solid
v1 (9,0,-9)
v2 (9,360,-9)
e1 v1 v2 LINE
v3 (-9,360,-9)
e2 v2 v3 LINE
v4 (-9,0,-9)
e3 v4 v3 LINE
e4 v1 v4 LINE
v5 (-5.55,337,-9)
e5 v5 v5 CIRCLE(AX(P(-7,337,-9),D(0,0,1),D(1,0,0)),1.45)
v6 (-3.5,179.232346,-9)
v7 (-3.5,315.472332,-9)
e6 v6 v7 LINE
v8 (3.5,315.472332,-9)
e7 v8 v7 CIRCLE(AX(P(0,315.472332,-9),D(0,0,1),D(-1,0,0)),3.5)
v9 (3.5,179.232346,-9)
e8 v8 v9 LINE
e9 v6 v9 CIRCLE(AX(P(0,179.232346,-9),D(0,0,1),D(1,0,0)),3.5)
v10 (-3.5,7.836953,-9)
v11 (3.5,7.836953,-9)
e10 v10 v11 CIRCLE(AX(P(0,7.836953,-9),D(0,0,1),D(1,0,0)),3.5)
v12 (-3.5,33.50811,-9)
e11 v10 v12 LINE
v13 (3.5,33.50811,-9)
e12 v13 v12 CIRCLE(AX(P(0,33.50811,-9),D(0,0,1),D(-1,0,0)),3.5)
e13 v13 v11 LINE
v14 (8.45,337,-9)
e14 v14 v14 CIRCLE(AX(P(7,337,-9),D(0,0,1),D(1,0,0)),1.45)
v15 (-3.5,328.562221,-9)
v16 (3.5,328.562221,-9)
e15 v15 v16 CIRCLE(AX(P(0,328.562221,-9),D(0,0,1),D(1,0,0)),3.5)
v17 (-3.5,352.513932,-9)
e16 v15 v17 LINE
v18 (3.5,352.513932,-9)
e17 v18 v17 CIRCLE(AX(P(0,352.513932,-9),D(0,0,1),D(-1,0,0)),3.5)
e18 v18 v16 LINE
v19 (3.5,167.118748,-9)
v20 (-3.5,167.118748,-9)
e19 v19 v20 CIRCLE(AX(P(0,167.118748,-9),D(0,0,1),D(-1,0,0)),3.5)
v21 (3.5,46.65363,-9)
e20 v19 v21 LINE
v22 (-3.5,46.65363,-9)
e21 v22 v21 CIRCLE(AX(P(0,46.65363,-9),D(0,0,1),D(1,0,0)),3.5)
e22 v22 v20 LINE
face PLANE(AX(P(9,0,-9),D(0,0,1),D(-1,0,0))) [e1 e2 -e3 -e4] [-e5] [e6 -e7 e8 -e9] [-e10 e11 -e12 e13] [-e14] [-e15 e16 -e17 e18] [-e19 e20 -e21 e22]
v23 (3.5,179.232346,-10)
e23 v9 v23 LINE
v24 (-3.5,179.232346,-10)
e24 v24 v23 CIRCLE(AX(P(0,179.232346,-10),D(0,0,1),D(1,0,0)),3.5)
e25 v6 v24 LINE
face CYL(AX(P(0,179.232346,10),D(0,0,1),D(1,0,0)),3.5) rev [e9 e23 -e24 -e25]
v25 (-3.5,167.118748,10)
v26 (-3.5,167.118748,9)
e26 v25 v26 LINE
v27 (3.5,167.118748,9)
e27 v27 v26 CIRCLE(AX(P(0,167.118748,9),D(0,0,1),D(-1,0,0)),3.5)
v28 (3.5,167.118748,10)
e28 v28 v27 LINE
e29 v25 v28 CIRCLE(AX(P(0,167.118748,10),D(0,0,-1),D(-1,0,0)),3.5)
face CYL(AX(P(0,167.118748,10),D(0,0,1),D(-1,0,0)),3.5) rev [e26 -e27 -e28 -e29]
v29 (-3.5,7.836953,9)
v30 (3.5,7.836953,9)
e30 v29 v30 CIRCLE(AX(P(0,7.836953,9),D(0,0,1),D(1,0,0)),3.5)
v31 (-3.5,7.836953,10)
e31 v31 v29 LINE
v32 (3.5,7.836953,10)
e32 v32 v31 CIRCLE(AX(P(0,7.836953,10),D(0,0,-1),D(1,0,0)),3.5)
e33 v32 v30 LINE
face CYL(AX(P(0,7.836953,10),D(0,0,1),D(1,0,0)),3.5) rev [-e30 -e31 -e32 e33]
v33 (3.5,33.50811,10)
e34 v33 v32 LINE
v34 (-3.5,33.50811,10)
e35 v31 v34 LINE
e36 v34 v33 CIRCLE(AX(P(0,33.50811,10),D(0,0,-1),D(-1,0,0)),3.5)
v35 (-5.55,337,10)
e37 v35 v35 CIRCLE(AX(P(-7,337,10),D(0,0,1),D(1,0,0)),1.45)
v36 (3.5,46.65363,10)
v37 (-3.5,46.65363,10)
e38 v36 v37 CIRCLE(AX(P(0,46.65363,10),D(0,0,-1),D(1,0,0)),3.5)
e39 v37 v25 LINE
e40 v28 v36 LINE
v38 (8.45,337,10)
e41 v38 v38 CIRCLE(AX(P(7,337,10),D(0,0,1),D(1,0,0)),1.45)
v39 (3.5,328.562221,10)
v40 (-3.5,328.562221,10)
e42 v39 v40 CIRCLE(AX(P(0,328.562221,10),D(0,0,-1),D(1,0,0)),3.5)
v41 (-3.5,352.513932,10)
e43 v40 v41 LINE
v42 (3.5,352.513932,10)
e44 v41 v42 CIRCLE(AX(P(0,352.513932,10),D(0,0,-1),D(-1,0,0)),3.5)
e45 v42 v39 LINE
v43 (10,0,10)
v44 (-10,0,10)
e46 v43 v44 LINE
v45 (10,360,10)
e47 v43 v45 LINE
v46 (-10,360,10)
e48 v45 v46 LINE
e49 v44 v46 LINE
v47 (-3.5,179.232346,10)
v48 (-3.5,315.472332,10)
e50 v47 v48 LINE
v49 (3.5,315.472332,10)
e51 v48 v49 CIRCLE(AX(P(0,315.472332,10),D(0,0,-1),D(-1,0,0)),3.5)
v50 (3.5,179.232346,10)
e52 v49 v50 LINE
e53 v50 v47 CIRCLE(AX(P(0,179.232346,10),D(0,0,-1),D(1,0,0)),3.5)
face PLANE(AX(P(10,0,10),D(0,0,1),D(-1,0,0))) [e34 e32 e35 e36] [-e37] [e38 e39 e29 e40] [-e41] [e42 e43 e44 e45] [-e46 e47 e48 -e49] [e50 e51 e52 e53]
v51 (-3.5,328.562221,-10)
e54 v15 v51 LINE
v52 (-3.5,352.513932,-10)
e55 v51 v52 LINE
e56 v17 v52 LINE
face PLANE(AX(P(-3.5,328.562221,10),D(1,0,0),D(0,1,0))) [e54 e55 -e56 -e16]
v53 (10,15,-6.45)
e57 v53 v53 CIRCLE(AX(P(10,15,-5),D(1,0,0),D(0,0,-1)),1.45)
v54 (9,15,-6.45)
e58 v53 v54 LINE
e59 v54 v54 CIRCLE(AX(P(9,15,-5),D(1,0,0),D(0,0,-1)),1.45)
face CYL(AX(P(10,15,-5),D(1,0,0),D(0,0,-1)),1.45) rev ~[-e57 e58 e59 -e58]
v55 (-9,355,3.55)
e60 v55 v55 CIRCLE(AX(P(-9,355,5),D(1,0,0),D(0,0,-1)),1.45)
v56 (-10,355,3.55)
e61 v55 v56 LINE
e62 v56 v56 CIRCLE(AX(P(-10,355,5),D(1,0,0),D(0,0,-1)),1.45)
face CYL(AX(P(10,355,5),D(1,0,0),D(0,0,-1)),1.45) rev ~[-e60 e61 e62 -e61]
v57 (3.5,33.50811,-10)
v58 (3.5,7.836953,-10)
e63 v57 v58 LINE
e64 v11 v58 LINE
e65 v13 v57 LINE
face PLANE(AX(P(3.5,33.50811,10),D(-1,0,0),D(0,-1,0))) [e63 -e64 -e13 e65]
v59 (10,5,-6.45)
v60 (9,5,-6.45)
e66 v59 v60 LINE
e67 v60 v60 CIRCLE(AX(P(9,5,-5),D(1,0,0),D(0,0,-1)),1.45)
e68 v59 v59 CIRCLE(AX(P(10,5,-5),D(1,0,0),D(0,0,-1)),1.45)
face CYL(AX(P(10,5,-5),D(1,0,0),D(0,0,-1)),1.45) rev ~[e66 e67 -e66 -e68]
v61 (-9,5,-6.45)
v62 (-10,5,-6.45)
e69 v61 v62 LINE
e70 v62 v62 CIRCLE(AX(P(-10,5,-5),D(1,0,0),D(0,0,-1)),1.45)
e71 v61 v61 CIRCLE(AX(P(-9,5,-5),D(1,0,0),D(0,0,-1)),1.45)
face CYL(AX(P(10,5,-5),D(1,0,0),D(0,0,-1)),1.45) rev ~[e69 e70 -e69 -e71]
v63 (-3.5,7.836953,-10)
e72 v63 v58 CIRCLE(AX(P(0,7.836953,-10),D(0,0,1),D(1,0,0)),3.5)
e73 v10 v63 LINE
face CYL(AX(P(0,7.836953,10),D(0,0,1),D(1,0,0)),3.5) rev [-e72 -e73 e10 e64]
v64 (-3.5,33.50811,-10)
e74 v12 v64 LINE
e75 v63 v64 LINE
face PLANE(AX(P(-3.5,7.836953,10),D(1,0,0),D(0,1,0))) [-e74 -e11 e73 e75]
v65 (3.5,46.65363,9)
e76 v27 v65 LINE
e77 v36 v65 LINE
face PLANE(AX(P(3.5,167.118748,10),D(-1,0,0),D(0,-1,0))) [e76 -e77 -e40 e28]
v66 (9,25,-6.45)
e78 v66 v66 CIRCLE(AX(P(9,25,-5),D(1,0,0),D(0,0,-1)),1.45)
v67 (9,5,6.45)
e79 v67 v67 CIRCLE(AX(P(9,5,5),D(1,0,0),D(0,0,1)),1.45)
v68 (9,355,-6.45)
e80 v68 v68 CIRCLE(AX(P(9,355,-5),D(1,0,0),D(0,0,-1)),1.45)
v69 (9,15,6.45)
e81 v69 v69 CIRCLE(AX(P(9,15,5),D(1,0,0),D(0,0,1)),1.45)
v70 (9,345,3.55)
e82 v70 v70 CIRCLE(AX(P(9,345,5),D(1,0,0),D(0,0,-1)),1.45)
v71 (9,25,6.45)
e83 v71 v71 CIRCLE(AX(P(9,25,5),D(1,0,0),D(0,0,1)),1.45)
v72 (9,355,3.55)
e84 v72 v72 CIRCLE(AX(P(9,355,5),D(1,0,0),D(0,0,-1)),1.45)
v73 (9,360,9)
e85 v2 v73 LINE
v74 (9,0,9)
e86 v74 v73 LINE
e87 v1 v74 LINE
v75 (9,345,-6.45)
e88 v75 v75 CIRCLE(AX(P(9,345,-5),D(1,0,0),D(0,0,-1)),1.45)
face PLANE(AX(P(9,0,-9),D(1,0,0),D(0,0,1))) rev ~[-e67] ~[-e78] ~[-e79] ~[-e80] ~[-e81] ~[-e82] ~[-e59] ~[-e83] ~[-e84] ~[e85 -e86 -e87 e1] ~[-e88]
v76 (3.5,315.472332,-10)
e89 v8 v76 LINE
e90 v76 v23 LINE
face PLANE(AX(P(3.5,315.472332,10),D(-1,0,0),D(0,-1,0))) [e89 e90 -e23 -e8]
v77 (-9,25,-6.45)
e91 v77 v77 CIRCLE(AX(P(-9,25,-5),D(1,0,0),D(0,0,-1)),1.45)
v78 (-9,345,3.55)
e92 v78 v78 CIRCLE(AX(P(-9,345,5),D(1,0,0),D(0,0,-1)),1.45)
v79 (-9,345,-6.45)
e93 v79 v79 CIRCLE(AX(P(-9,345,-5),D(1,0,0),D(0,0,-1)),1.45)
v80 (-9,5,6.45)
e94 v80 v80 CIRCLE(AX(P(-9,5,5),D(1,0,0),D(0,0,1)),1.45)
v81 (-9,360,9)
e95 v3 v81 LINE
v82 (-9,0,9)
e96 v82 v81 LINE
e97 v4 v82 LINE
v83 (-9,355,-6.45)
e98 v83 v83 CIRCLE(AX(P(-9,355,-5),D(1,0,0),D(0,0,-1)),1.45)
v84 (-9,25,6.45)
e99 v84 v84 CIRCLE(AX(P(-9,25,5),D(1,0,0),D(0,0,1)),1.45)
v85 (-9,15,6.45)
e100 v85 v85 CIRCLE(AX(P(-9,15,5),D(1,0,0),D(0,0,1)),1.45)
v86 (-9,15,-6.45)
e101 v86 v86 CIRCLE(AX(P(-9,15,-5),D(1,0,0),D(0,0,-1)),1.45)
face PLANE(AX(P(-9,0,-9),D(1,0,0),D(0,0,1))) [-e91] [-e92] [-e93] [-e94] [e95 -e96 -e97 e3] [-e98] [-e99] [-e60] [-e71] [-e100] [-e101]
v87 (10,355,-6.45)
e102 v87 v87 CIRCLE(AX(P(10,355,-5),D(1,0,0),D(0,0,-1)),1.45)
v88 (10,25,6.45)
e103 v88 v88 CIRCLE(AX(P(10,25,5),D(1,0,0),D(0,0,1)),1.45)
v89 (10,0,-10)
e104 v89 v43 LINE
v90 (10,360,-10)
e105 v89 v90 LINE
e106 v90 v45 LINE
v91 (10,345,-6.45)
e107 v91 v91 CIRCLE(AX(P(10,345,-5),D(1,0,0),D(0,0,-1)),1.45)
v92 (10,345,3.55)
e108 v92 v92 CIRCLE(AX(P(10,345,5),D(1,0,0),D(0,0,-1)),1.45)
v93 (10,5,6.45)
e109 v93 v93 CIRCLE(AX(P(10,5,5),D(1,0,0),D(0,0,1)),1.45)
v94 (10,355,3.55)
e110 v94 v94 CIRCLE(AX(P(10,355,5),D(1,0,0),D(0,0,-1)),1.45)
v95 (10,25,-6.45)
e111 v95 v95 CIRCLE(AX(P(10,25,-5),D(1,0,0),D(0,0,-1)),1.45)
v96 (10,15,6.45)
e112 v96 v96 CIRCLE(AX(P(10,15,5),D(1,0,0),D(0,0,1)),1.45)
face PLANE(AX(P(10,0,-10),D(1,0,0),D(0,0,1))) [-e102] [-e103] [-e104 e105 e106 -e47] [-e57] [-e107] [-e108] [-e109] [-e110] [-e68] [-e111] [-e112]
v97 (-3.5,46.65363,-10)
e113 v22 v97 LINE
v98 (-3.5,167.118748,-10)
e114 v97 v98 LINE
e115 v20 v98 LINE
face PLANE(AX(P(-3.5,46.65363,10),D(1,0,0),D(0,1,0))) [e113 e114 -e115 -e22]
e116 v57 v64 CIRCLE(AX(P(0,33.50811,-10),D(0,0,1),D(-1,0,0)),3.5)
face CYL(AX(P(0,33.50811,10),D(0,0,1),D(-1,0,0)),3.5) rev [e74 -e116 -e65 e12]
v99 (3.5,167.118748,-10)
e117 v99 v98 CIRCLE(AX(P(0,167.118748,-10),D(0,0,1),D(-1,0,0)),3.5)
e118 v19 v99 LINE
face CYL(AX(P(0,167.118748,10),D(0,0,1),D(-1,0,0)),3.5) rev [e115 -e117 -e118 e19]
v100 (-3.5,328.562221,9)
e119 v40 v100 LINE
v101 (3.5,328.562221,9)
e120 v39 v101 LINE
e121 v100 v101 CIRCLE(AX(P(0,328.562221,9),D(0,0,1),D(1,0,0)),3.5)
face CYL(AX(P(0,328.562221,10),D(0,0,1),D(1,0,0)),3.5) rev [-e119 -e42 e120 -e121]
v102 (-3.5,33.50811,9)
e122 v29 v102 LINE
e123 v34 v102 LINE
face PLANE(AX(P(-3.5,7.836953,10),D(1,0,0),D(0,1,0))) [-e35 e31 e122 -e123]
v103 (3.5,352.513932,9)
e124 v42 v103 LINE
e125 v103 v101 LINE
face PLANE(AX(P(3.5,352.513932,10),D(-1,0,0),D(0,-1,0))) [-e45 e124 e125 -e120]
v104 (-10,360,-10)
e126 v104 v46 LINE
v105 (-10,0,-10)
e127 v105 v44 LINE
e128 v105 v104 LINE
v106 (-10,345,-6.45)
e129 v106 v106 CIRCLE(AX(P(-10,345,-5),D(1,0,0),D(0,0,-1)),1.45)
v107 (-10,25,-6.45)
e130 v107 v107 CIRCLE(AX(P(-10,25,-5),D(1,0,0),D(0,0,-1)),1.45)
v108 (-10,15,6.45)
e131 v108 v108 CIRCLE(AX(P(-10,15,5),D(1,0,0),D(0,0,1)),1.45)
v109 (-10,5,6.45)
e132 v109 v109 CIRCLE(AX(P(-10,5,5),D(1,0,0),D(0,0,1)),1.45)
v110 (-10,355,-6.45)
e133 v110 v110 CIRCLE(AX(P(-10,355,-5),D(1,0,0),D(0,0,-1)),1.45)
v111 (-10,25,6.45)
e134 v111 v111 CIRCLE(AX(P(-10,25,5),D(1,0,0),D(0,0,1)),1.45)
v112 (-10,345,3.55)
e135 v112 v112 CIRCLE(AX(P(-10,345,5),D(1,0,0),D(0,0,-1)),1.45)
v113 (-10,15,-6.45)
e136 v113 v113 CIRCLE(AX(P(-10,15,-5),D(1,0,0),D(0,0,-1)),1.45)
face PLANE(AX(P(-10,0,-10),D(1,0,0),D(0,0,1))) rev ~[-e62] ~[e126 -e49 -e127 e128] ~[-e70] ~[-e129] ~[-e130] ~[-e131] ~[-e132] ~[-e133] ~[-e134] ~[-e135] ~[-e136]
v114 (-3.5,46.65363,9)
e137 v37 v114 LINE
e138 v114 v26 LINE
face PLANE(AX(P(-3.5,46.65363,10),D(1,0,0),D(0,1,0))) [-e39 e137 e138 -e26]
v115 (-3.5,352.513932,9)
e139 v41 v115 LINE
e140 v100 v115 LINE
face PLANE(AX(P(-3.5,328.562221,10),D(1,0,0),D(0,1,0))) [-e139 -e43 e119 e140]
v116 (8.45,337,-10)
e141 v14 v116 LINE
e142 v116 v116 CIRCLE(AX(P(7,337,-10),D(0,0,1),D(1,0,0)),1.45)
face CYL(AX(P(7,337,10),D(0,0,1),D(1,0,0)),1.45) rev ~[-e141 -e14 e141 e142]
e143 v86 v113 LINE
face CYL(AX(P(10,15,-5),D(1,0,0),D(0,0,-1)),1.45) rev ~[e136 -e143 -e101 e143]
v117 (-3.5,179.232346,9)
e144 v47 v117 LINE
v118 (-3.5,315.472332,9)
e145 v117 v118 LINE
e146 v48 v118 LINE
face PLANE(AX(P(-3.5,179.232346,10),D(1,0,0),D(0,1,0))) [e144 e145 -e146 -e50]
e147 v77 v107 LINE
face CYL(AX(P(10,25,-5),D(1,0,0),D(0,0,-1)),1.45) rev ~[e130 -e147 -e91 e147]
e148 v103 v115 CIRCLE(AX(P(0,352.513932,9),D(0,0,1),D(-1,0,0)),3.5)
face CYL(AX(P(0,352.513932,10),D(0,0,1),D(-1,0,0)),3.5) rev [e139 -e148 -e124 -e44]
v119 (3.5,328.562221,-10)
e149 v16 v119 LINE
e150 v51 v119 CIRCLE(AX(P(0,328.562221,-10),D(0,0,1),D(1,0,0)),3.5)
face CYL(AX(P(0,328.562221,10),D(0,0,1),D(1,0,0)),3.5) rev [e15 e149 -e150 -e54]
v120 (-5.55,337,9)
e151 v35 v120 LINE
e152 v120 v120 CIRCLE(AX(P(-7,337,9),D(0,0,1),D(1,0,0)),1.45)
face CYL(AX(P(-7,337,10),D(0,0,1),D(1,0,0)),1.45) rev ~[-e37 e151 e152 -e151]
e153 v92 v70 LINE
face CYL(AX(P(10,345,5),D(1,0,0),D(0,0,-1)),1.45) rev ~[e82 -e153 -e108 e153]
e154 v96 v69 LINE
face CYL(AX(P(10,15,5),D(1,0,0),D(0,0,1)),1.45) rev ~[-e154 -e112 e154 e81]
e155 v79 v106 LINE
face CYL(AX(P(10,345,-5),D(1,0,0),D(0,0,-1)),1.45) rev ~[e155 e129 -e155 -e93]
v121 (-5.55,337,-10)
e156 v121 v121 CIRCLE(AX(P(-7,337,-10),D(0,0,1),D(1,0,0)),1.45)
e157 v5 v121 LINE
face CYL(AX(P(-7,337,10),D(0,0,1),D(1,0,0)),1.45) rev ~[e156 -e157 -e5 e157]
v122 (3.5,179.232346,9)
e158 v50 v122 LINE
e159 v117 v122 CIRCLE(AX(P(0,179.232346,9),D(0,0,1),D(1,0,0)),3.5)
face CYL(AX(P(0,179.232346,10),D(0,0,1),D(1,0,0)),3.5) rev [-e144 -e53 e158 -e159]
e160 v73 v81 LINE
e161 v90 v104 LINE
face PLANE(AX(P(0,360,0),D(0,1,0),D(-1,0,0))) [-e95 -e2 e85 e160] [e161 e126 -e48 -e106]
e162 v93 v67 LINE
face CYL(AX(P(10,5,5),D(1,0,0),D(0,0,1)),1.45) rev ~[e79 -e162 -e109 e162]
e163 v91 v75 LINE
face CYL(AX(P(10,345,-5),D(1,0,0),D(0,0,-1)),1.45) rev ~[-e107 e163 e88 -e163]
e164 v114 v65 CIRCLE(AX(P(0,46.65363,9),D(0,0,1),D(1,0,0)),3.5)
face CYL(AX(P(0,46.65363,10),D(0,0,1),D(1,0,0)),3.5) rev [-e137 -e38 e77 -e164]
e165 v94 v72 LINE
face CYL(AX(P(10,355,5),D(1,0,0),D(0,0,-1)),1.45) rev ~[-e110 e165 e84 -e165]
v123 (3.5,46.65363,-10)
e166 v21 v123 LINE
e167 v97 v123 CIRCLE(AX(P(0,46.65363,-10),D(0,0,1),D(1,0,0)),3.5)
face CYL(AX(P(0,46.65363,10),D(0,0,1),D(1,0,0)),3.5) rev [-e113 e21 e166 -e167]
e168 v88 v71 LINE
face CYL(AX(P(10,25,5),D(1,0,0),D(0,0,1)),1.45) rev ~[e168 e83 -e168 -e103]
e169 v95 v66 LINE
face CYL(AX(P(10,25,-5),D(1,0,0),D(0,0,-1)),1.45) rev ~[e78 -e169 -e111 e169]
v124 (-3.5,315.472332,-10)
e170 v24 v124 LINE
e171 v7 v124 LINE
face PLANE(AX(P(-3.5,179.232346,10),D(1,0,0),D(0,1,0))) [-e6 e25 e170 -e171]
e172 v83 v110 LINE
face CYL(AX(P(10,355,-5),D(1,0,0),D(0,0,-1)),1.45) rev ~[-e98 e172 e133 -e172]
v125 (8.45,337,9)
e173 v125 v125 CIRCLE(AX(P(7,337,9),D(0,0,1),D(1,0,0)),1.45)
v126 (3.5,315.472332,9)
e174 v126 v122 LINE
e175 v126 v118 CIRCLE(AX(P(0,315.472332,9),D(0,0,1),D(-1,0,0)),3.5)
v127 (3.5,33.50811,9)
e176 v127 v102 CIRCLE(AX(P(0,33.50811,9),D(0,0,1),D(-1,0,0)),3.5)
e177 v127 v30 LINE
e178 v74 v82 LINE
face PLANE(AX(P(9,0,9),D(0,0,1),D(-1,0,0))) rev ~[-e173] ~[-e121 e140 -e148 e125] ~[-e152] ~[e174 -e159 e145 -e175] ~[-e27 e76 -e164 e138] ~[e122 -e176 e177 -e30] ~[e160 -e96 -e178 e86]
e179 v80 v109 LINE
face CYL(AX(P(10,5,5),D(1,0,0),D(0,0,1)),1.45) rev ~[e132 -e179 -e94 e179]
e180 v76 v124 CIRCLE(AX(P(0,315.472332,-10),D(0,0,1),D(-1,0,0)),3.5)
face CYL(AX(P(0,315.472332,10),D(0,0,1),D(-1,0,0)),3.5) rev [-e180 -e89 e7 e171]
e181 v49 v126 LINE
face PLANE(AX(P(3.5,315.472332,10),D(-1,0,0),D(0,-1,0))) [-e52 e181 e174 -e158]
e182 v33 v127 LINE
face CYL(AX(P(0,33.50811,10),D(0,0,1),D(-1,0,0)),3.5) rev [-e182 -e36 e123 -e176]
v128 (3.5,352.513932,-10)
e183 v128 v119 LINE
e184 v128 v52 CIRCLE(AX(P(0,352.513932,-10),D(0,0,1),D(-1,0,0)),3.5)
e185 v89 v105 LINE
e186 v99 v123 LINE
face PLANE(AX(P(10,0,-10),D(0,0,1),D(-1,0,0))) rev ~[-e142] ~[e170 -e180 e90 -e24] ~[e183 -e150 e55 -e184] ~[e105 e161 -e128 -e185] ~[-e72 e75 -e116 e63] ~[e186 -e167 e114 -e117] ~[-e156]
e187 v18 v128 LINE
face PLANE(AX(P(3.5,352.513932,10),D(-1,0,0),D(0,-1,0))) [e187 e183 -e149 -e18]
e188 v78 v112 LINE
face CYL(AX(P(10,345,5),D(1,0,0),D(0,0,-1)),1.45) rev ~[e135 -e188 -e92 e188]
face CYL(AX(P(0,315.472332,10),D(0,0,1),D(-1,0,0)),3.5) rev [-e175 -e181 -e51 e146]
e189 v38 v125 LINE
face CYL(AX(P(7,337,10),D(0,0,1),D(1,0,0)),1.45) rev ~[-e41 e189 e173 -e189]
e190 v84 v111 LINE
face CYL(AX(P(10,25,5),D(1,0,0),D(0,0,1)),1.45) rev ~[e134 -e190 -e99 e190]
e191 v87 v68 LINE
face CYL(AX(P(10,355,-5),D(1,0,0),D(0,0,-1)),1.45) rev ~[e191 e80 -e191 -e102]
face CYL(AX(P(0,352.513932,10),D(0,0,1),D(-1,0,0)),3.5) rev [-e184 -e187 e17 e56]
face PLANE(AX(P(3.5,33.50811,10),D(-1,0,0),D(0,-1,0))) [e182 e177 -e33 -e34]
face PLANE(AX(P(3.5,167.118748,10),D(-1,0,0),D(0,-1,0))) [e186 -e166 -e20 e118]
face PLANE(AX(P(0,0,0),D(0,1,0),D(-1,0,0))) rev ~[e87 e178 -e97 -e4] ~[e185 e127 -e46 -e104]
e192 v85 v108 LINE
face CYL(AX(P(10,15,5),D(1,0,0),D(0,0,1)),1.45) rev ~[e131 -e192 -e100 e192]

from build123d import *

# Parameters (mm, degrees)
SKETCH_11_W         = 20
SKETCH_11_H         = 20
SKETCH_11_W_2       = 18
SKETCH_11_H_2       = 18
F_20X20X1_1_DEPTH   = 360
SKETCH_12_R         = 1.45
CUT_EXTRUDE_1_DEPTH = 34
SKETCH_13_R         = 1.45
CUT_EXTRUDE_2_DEPTH = 361.693775937
CUT_EXTRUDE_3_DEPTH = 361.693775937


with BuildPart() as part:
    # 草图11 → 铝管 20X20X1(1) (new body)
    with BuildSketch(Plane(origin=(0, 0, 0), x_dir=(-1, 0, 0), z_dir=(0, 1, 0))):
        Rectangle(SKETCH_11_W, SKETCH_11_H)
        Rectangle(SKETCH_11_W_2, SKETCH_11_H_2, mode=Mode.SUBTRACT)
    extrude(amount=F_20X20X1_1_DEPTH)

    # 草图12 → 切除-拉伸1 (cut)
    with BuildSketch(Plane(origin=(10, 0, 0), x_dir=(0, 0, -1), z_dir=(1, 0, 0))):
        with Locations((-5, 355)):
            Circle(SKETCH_12_R)
        with Locations((5, 355)):
            Circle(SKETCH_12_R)
        with Locations((-5, 345)):
            Circle(SKETCH_12_R)
        with Locations((5, 345)):
            Circle(SKETCH_12_R)
        with Locations((5, 5)):
            Circle(SKETCH_12_R)
        with Locations((5, 15)):
            Circle(SKETCH_12_R)
        with Locations((5, 25)):
            Circle(SKETCH_12_R)
        with Locations(Location((-5, 5, 0), (0, 0, 180))):
            Circle(SKETCH_12_R)
        with Locations(Location((-5, 15, 0), (0, 0, 180))):
            Circle(SKETCH_12_R)
        with Locations(Location((-5, 25, 0), (0, 0, 180))):
            Circle(SKETCH_12_R)
    extrude(amount=-CUT_EXTRUDE_1_DEPTH, mode=Mode.SUBTRACT)

    # 草图13 → 切除-拉伸2 (cut, through all)
    with BuildSketch(Plane.XY.offset(10)):
        with Locations((-7, 337)):
            Circle(SKETCH_13_R)
        with Locations((7, 337)):
            Circle(SKETCH_13_R)
    extrude(amount=-CUT_EXTRUDE_2_DEPTH, mode=Mode.SUBTRACT)

    # 草图15 → 切除-拉伸3 (cut, through all)
    with BuildSketch(Plane.XY.offset(10)):
        with BuildLine():
            Line((3.5, 33.508109575), (3.5, 7.836953166))
            ThreePointArc((3.5, 7.836953166), (0, 4.336953166), (-3.5, 7.836953166))
            Line((-3.5, 7.836953166), (-3.5, 33.508109575))
            ThreePointArc((-3.5, 33.508109575), (0, 37.008109575), (3.5, 33.508109575))
        make_face()
        with BuildLine():
            Line((-3.5, 46.653630173), (-3.5, 167.118748463))
            ThreePointArc((-3.5, 167.118748463), (0, 170.618748463), (3.5, 167.118748463))
            Line((3.5, 167.118748463), (3.5, 46.653630173))
            ThreePointArc((3.5, 46.653630173), (0, 43.153630173), (-3.5, 46.653630173))
        make_face()
        with BuildLine():
            Line((-3.5, 179.232346303), (-3.5, 315.472332253))
            ThreePointArc((-3.5, 315.472332253), (0, 318.972332253), (3.5, 315.472332253))
            Line((3.5, 315.472332253), (3.5, 179.232346303))
            ThreePointArc((3.5, 179.232346303), (0, 175.732346303), (-3.5, 179.232346303))
        make_face()
        with BuildLine():
            Line((-3.5, 328.562220872), (-3.5, 352.513931961))
            ThreePointArc((-3.5, 352.513931961), (0, 356.013931961), (3.5, 352.513931961))
            Line((3.5, 352.513931961), (3.5, 328.562220872))
            ThreePointArc((3.5, 328.562220872), (0, 325.062220872), (-3.5, 328.562220872))
        make_face()
    extrude(amount=-CUT_EXTRUDE_3_DEPTH, mode=Mode.SUBTRACT)


solid = part.part
